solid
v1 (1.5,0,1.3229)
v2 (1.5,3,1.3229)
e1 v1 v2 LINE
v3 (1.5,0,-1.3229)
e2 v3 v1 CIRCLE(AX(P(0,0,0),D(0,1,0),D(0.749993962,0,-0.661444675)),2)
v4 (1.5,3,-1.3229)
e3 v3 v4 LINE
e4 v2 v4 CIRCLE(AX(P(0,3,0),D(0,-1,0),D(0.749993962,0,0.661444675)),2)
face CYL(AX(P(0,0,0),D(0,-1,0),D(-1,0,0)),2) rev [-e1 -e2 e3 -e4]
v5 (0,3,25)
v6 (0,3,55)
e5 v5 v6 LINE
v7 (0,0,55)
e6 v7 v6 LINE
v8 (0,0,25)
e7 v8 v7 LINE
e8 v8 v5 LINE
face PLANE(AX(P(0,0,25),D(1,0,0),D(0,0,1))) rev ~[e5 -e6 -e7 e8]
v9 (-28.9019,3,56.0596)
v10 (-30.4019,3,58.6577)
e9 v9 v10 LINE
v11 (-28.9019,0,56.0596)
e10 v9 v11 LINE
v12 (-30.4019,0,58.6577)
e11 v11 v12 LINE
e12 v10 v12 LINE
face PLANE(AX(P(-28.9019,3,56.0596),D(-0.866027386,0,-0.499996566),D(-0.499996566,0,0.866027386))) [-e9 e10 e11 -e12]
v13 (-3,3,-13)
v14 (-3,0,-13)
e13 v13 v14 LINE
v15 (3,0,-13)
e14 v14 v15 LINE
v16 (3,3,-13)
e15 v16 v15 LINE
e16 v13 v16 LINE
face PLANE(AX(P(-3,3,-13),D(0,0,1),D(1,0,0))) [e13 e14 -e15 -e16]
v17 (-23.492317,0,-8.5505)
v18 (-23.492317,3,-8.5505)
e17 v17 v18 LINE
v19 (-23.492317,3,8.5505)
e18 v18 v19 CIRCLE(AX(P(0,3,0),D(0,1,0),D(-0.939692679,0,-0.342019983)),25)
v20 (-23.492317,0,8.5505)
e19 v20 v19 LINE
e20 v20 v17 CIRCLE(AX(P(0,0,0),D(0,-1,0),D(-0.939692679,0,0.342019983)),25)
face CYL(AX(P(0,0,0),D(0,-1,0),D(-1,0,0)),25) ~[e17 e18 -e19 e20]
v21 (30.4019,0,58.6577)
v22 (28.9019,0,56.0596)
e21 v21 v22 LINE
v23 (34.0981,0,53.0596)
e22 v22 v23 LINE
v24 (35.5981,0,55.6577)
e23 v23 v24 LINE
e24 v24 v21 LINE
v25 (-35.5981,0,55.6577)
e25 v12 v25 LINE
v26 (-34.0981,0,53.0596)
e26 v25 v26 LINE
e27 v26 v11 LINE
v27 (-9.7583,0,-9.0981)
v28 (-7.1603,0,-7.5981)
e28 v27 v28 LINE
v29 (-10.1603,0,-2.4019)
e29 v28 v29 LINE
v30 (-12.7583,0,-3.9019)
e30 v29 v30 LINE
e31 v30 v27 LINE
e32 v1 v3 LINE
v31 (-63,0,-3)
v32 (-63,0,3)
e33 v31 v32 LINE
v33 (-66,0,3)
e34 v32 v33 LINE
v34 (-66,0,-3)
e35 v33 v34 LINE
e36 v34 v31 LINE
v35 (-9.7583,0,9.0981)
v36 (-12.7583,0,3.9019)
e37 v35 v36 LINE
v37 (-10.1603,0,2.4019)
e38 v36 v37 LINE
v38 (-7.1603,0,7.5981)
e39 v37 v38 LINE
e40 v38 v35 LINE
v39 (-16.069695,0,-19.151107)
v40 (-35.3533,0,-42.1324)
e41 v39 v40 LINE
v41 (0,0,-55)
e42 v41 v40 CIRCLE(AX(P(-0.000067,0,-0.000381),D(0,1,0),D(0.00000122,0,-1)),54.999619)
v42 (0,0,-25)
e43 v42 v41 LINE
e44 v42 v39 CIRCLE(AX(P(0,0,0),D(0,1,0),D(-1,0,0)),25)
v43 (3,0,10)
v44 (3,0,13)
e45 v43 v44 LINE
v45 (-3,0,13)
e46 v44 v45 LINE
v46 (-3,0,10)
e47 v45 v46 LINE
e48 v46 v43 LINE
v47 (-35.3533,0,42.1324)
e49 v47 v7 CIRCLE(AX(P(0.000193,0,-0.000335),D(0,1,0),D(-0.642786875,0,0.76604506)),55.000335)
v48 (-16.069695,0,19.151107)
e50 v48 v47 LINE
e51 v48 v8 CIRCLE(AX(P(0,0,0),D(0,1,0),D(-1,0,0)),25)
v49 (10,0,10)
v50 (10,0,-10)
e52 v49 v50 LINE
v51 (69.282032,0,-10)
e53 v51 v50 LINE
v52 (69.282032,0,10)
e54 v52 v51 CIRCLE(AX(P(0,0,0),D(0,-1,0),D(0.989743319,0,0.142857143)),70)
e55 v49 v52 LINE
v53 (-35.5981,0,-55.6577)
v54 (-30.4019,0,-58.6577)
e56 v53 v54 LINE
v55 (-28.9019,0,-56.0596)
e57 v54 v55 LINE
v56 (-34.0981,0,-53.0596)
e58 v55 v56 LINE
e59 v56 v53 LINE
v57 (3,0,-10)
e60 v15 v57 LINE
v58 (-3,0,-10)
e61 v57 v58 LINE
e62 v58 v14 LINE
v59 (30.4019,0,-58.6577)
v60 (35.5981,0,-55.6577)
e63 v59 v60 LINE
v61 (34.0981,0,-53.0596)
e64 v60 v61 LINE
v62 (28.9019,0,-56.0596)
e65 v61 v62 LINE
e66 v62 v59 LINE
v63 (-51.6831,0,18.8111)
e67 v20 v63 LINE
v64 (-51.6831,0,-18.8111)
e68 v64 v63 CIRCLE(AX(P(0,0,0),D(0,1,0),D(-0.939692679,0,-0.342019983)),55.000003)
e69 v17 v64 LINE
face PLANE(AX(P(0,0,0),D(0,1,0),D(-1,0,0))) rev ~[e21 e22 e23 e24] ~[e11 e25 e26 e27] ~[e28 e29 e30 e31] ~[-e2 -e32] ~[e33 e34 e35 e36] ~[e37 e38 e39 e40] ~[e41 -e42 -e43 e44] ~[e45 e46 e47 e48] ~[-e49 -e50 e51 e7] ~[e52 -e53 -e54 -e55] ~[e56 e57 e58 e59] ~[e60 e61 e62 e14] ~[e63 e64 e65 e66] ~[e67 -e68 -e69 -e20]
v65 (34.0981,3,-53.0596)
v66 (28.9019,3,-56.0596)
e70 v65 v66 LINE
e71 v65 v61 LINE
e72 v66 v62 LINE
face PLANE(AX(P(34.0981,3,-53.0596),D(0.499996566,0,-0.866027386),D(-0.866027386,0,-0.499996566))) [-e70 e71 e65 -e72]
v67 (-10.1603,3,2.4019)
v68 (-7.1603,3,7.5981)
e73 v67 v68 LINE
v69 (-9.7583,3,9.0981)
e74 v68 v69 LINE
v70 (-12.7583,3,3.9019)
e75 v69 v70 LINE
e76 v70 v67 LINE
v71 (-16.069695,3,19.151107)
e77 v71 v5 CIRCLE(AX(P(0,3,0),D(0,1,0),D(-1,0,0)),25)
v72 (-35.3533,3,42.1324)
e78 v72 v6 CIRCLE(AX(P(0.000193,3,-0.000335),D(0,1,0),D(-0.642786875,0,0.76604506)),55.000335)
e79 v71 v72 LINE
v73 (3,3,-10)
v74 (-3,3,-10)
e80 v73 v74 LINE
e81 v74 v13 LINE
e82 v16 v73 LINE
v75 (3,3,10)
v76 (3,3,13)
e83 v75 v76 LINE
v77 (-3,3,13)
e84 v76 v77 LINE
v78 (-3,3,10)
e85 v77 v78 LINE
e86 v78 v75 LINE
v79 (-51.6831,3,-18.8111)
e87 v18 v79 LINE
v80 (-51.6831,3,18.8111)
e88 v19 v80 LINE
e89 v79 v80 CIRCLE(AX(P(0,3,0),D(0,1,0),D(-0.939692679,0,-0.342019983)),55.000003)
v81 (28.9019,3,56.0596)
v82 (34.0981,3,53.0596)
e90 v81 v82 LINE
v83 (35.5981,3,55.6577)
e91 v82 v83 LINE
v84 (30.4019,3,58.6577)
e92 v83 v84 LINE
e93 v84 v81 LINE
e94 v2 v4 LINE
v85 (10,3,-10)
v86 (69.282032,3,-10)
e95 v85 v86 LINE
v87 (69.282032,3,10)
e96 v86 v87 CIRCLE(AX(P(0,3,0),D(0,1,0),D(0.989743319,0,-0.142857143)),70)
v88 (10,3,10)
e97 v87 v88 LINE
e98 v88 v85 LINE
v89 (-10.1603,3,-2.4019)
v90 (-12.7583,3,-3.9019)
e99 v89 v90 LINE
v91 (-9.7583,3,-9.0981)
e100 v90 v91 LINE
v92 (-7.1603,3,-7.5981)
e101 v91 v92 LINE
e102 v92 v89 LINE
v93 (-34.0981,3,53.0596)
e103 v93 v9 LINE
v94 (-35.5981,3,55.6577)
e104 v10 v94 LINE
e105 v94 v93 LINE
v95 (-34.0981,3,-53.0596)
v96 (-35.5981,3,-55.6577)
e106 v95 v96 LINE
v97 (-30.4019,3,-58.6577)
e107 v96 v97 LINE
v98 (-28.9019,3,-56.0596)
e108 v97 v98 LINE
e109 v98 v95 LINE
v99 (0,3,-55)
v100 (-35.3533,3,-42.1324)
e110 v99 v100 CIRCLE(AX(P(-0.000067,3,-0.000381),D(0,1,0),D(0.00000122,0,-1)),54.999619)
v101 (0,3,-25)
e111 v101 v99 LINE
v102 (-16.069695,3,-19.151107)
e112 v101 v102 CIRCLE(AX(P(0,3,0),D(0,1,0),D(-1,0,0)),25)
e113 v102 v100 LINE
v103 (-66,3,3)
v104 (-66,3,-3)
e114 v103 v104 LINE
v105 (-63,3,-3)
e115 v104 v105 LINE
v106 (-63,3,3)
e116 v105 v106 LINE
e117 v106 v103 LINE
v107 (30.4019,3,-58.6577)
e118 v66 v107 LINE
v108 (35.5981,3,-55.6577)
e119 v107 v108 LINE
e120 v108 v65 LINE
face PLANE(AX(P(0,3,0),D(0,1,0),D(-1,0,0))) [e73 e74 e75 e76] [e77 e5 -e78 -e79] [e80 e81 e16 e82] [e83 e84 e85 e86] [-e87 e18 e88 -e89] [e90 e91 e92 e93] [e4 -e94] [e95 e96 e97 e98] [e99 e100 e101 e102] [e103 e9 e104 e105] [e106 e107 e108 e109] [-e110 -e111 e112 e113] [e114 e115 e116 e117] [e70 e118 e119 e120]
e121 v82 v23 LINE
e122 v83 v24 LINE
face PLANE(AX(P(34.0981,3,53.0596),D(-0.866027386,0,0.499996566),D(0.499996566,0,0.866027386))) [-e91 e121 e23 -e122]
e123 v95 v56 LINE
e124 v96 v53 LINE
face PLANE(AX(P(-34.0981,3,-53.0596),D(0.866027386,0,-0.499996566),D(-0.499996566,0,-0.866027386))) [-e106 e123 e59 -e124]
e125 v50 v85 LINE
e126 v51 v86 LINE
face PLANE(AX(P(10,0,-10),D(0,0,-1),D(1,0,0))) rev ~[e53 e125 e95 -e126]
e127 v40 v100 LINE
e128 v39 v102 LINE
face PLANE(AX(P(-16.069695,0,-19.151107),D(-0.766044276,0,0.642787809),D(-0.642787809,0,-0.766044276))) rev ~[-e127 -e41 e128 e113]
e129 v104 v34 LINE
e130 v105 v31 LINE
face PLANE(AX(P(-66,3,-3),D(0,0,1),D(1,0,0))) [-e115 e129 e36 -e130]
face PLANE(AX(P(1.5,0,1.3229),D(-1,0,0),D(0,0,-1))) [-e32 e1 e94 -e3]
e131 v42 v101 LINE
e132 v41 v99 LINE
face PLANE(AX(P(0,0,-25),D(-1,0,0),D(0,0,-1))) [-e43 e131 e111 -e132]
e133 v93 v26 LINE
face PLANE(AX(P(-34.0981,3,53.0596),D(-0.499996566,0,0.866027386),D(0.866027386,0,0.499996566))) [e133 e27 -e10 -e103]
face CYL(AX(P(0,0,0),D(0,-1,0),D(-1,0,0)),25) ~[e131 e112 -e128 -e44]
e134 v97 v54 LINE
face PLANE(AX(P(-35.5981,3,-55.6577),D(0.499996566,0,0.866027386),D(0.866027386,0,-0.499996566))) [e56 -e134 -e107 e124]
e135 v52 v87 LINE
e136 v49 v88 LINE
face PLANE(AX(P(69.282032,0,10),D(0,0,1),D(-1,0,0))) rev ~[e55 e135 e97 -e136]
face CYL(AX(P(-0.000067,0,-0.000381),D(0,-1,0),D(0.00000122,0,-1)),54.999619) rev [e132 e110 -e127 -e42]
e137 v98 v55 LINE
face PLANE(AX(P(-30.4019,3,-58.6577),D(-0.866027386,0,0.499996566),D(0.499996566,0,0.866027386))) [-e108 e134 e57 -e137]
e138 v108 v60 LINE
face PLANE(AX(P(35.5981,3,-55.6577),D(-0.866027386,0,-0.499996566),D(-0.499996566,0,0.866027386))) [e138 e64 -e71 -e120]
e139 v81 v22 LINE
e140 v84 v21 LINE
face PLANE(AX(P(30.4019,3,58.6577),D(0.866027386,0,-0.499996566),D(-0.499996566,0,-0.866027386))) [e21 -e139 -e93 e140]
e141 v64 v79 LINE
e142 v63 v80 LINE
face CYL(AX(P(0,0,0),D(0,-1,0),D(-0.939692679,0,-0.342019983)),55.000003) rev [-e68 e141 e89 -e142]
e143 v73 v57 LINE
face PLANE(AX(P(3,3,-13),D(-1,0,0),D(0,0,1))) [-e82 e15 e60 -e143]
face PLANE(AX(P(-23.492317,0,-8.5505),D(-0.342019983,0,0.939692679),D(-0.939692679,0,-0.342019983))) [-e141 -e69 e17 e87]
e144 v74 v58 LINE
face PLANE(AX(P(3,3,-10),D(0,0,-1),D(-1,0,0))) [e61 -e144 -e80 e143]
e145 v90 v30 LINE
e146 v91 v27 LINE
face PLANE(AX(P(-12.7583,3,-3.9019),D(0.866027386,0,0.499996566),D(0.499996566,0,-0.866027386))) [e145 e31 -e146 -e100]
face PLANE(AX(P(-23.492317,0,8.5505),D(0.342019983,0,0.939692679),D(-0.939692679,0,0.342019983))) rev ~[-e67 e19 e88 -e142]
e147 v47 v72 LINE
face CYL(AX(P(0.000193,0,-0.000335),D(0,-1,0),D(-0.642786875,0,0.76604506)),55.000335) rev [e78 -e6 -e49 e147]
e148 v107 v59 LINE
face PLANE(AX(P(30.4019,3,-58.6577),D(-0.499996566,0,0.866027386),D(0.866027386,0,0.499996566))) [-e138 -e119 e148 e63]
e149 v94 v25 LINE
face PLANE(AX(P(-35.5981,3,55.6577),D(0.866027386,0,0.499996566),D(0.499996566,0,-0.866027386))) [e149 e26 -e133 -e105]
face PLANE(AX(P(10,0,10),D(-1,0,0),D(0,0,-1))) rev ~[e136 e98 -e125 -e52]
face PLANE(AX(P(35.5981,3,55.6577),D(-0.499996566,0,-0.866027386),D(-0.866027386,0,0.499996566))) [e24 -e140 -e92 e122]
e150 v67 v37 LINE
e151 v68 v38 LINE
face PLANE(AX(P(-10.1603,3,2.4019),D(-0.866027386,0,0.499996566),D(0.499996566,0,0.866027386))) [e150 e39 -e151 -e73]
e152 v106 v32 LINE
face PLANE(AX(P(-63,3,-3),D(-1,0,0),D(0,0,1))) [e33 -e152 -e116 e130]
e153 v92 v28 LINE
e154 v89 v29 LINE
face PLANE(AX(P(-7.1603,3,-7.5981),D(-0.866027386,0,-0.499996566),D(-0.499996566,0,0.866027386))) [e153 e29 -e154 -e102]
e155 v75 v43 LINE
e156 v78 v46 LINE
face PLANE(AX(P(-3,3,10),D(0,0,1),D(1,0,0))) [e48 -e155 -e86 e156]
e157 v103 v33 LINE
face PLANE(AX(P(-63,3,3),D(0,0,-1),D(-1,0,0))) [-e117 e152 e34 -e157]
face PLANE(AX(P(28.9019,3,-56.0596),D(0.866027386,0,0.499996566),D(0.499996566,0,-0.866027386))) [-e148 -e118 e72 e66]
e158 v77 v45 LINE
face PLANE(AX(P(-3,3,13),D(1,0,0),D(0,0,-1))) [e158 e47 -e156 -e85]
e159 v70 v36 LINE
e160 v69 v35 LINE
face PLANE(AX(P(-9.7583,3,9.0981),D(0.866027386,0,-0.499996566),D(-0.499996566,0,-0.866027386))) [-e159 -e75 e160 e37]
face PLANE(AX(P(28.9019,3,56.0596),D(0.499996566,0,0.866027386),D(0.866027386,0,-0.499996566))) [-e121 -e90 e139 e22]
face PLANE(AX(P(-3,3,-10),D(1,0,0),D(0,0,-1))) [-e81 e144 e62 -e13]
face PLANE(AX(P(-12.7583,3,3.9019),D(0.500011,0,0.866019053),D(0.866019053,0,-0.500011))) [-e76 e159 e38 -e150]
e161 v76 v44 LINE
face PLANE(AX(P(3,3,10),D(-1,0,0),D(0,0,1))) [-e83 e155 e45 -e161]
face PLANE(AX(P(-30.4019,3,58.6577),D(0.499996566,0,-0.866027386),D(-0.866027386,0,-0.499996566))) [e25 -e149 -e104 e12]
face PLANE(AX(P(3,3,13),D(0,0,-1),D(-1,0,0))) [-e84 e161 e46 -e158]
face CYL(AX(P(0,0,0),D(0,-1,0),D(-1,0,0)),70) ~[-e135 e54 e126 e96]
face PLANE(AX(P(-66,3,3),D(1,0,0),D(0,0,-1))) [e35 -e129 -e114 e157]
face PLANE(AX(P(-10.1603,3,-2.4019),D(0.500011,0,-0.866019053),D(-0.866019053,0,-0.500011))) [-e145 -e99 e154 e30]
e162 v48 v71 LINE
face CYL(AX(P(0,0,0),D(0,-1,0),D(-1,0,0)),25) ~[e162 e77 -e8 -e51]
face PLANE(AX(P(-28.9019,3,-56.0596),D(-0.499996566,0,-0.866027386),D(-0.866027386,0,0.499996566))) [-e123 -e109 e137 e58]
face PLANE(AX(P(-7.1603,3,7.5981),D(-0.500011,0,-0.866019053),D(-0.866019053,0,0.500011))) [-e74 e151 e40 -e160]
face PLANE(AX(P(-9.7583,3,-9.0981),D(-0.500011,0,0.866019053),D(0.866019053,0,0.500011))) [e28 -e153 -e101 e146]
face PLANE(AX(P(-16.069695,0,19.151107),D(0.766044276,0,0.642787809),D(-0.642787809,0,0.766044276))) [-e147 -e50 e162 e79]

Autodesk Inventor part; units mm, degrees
ref_plane "YZ Plane" through (0, 0, 0) normal (1, 0, 0) x (0, 1, 0)
ref_plane "XZ Plane" through (0, 0, 0) normal (0, 1, 0) x (-1, 0, 0)
ref_plane "XY Plane" through (0, 0, 0) normal (0, 0, 1) x (1, 0, 0)
sketch "草圖1" plane through (0, 0, 0) normal (0, 1, 0) x (-1, 0, 0)
  circle A0 centre (0, 0) radius 70
  circle A1 centre (0, 0) radius 25
  line L0 (-70, 10) -> (-10, 10)
  line L1 (-10, 10) -> (-10, -10)
  line L2 (-10, -10) -> (-70, -10)
  line L3 (-70, -10) -> (-70, 10)
  line L4 (0, 0) -> (0, -55)
  line L5 (0, 0) -> (35.3533, -42.1324)
  arc A2 (0, -55) -> (35.3533, -42.1324) centre (0, 0) ccw
  line L6 (0, 0) -> (51.6831, -18.8111)
  line L7 (0, 0) -> (51.6831, 18.8111)
  arc A3 (51.6831, -18.8111) -> (51.6831, 18.8111) centre (0, 0) ccw
  line L8 (0, 0) -> (35.3533, 42.1324)
  line L9 (0, 0) -> (0, 55)
  arc A4 (35.3533, 42.1324) -> (0, 55) centre (0, 0) ccw
  line L10 (-9.3, -13.3795) -> (-36.7, -13.3795)
  line L11 (-36.7, -13.3795) -> (-36.7, -69.3795)
  line L12 (-36.7, -69.3795) -> (-9.3, -69.3795)
  line L13 (-9.3, -69.3795) -> (-9.3, -13.3795)
  line L14 (-7.8, -20.3795) -> (-10.8, -20.3795)
  line L15 (-10.8, -20.3795) -> (-10.8, -27.3795)
  line L16 (-10.8, -27.3795) -> (-7.8, -27.3795)
  line L17 (-7.8, -27.3795) -> (-7.8, -20.3795)
  line L18 (-7.8, -55.3795) -> (-10.8, -55.3795)
  line L19 (-10.8, -55.3795) -> (-10.8, -62.3795)
  line L20 (-10.8, -62.3795) -> (-7.8, -62.3795)
  line L21 (-7.8, -62.3795) -> (-7.8, -55.3795)
  line L22 (-35.2, -20.3795) -> (-38.2, -20.3795)
  line L23 (-38.2, -20.3795) -> (-38.2, -27.3795)
  line L24 (-38.2, -27.3795) -> (-35.2, -27.3795)
  line L25 (-35.2, -27.3795) -> (-35.2, -20.3795)
  line L26 (-35.2, -48.3795) -> (-38.2, -48.3795)
  line L27 (-38.2, -48.3795) -> (-38.2, -55.3795)
  line L28 (-38.2, -55.3795) -> (-35.2, -55.3795)
  line L29 (-35.2, -55.3795) -> (-35.2, -48.3795)
  circle A5 centre (0, 0) radius 2
  line L30 (-1.5, 1.3229) -> (-1.5, -1.3229)
  point P0 (-23, -13.3795)
  point P1 (-9.3, -20.3795)
  point P2 (-9.3, -62.3795)
  point P3 (-36.7, -20.3795)
  point P4 (-36.7, -48.3795)
  point P5 (16.0697, -19.1511)
  point P6 (0, -25)
  point P7 (-69.282, 10)
  point P8 (-69.282, -10)
  point P9 (16.0697, 19.1511)
  point P10 (0, 25)
  point P11 (23.4923, -8.5505)
  point P12 (23.4923, 8.5505)
  point P13 (-70, 0)
  dimension "d0" = 140
  dimension "d1" = 50
  dimension "d2" = 20
  dimension "d3" = 60
  dimension "d4" = 55
  dimension "d5" = 40
  dimension "d6" = 55
  dimension "d9" = 140
  dimension "d11" = 13
  dimension "d12" = 27.4
  dimension "d13" = 56
  dimension "d14" = 7
  dimension "d15" = 3
  dimension "d16" = 7
  dimension "d17" = 7
  dimension "d18" = 3
  dimension "d19" = 7
  dimension "d20" = 7
  dimension "d21" = 3
  dimension "d22" = 7
  dimension "d23" = 7
  dimension "d24" = 3
  dimension "d25" = 21
  dimension "d28" = 4
  dimension "d29" = 1.5
extrude "擠出1" add sketch "草圖1" along normal blind 3 contours L13 L20 L21 L18 L16 L17 A1 L4 A2 L5 L6 A3 L7 L8 A4 L9 L0 A0 | A0 L11 L28 L29 L26 L24 L25 L22 L10 A1 L15 L16 L13 L18 L19 L20 | A0 L2 A1 L10 L11 L22 L23 L24 L26 L27 L28 | L20 L19 L18 L13 | L13 L18 L21 L20 | L28 L27 L26 L11 | L11 L26 L29 L28 | A1 L9 A5 L4 L17 L14 L13 L10 L2 L1 L0 | L16 L15 A1 L13 | L13 A1 L17 L16 | A1 L8 A5 L9 | L10 L13 L14 L15 A1 | L24 L23 L22 L11 | L11 L22 L25 L24 | L13 L14 L17 A1 | A1 L15 L14 L13 | A1 L7 A5 L8 | A1 L6 A5 L7 | L30 A5 | L4 A5 L5 A1 | A5 L6 A1 L5
sketch "草圖2" plane through (0, 3, 0) normal (0, 1, 0) x (1, 0, 0)
  line L0 (-3, 13) -> (3, 13)
  line L1 (3, 13) -> (3, 10)
  line L2 (3, 10) -> (-3, 10)
  line L3 (-3, 10) -> (-3, 13)
  line L4 (-12.7583, 3.9019) -> (-9.7583, 9.0981)
  line L5 (-9.7583, 9.0981) -> (-7.1603, 7.5981)
  line L6 (-7.1603, 7.5981) -> (-10.1603, 2.4019)
  line L7 (-10.1603, 2.4019) -> (-12.7583, 3.9019)
  line L8 (-9.7583, -9.0981) -> (-12.7583, -3.9019)
  line L9 (-12.7583, -3.9019) -> (-10.1603, -2.4019)
  line L10 (-10.1603, -2.4019) -> (-7.1603, -7.5981)
  line L11 (-7.1603, -7.5981) -> (-9.7583, -9.0981)
  line L12 (3, -13) -> (-3, -13)
  line L13 (-3, -13) -> (-3, -10)
  line L14 (-3, -10) -> (3, -10)
  line L15 (3, -10) -> (3, -13)
  line L16 (-66, 3) -> (-63, 3)
  line L17 (-63, 3) -> (-63, -3)
  line L18 (-63, -3) -> (-66, -3)
  line L19 (-66, -3) -> (-66, 3)
  line L20 (-34.0981, -53.0596) -> (-28.9019, -56.0596)
  line L21 (-28.9019, -56.0596) -> (-30.4019, -58.6577)
  line L22 (-30.4019, -58.6577) -> (-35.5981, -55.6577)
  line L23 (-35.5981, -55.6577) -> (-34.0981, -53.0596)
  line L24 (28.9019, -56.0596) -> (34.0981, -53.0596)
  line L25 (34.0981, -53.0596) -> (35.5981, -55.6577)
  line L26 (35.5981, -55.6577) -> (30.4019, -58.6577)
  line L27 (30.4019, -58.6577) -> (28.9019, -56.0596)
  line L28 (63, -3) -> (63, 3)
  line L29 (63, 3) -> (66, 3)
  line L30 (66, 3) -> (66, -3)
  line L31 (66, -3) -> (63, -3)
  line L32 (34.0981, 53.0596) -> (28.9019, 56.0596)
  line L33 (28.9019, 56.0596) -> (30.4019, 58.6577)
  line L34 (30.4019, 58.6577) -> (35.5981, 55.6577)
  line L35 (35.5981, 55.6577) -> (34.0981, 53.0596)
  line L36 (-28.9019, 56.0596) -> (-34.0981, 53.0596)
  line L37 (-34.0981, 53.0596) -> (-35.5981, 55.6577)
  line L38 (-35.5981, 55.6577) -> (-30.4019, 58.6577)
  line L39 (-30.4019, 58.6577) -> (-28.9019, 56.0596)
  point P0 (0, 0)
  point P1 (0, 10)
  point P2 (-8.6603, 5)
  point P3 (-8.6603, -5)
  point P4 (0, -10)
  point P5 (-63, 0)
  point P6 (-31.5, -54.5596)
  point P7 (31.5, -54.5596)
  point P8 (63, 0)
  point P9 (31.5, 54.5596)
  point P10 (-31.5, 54.5596)
  dimension "d30" = 3
  dimension "d31" = 6
  dimension "d32" = 10
  dimension "d35" = 180
  dimension "d46" = 3
  dimension "d47" = 6
  dimension "d48" = 63
  dimension "d51" = 360
extrude "擠出2" cut sketch "草圖2" against normal through all contours L0 L1 L2 L3 | L4 L5 L6 L7 | L8 L9 L10 L11 | L12 L13 L14 L15 | L16 L17 L18 L19 | L20 L21 L22 L23 | L24 L25 L26 L27 | L32 L33 L34 L35 | L36 L37 L38 L39
properties part number "rolling_plate"
